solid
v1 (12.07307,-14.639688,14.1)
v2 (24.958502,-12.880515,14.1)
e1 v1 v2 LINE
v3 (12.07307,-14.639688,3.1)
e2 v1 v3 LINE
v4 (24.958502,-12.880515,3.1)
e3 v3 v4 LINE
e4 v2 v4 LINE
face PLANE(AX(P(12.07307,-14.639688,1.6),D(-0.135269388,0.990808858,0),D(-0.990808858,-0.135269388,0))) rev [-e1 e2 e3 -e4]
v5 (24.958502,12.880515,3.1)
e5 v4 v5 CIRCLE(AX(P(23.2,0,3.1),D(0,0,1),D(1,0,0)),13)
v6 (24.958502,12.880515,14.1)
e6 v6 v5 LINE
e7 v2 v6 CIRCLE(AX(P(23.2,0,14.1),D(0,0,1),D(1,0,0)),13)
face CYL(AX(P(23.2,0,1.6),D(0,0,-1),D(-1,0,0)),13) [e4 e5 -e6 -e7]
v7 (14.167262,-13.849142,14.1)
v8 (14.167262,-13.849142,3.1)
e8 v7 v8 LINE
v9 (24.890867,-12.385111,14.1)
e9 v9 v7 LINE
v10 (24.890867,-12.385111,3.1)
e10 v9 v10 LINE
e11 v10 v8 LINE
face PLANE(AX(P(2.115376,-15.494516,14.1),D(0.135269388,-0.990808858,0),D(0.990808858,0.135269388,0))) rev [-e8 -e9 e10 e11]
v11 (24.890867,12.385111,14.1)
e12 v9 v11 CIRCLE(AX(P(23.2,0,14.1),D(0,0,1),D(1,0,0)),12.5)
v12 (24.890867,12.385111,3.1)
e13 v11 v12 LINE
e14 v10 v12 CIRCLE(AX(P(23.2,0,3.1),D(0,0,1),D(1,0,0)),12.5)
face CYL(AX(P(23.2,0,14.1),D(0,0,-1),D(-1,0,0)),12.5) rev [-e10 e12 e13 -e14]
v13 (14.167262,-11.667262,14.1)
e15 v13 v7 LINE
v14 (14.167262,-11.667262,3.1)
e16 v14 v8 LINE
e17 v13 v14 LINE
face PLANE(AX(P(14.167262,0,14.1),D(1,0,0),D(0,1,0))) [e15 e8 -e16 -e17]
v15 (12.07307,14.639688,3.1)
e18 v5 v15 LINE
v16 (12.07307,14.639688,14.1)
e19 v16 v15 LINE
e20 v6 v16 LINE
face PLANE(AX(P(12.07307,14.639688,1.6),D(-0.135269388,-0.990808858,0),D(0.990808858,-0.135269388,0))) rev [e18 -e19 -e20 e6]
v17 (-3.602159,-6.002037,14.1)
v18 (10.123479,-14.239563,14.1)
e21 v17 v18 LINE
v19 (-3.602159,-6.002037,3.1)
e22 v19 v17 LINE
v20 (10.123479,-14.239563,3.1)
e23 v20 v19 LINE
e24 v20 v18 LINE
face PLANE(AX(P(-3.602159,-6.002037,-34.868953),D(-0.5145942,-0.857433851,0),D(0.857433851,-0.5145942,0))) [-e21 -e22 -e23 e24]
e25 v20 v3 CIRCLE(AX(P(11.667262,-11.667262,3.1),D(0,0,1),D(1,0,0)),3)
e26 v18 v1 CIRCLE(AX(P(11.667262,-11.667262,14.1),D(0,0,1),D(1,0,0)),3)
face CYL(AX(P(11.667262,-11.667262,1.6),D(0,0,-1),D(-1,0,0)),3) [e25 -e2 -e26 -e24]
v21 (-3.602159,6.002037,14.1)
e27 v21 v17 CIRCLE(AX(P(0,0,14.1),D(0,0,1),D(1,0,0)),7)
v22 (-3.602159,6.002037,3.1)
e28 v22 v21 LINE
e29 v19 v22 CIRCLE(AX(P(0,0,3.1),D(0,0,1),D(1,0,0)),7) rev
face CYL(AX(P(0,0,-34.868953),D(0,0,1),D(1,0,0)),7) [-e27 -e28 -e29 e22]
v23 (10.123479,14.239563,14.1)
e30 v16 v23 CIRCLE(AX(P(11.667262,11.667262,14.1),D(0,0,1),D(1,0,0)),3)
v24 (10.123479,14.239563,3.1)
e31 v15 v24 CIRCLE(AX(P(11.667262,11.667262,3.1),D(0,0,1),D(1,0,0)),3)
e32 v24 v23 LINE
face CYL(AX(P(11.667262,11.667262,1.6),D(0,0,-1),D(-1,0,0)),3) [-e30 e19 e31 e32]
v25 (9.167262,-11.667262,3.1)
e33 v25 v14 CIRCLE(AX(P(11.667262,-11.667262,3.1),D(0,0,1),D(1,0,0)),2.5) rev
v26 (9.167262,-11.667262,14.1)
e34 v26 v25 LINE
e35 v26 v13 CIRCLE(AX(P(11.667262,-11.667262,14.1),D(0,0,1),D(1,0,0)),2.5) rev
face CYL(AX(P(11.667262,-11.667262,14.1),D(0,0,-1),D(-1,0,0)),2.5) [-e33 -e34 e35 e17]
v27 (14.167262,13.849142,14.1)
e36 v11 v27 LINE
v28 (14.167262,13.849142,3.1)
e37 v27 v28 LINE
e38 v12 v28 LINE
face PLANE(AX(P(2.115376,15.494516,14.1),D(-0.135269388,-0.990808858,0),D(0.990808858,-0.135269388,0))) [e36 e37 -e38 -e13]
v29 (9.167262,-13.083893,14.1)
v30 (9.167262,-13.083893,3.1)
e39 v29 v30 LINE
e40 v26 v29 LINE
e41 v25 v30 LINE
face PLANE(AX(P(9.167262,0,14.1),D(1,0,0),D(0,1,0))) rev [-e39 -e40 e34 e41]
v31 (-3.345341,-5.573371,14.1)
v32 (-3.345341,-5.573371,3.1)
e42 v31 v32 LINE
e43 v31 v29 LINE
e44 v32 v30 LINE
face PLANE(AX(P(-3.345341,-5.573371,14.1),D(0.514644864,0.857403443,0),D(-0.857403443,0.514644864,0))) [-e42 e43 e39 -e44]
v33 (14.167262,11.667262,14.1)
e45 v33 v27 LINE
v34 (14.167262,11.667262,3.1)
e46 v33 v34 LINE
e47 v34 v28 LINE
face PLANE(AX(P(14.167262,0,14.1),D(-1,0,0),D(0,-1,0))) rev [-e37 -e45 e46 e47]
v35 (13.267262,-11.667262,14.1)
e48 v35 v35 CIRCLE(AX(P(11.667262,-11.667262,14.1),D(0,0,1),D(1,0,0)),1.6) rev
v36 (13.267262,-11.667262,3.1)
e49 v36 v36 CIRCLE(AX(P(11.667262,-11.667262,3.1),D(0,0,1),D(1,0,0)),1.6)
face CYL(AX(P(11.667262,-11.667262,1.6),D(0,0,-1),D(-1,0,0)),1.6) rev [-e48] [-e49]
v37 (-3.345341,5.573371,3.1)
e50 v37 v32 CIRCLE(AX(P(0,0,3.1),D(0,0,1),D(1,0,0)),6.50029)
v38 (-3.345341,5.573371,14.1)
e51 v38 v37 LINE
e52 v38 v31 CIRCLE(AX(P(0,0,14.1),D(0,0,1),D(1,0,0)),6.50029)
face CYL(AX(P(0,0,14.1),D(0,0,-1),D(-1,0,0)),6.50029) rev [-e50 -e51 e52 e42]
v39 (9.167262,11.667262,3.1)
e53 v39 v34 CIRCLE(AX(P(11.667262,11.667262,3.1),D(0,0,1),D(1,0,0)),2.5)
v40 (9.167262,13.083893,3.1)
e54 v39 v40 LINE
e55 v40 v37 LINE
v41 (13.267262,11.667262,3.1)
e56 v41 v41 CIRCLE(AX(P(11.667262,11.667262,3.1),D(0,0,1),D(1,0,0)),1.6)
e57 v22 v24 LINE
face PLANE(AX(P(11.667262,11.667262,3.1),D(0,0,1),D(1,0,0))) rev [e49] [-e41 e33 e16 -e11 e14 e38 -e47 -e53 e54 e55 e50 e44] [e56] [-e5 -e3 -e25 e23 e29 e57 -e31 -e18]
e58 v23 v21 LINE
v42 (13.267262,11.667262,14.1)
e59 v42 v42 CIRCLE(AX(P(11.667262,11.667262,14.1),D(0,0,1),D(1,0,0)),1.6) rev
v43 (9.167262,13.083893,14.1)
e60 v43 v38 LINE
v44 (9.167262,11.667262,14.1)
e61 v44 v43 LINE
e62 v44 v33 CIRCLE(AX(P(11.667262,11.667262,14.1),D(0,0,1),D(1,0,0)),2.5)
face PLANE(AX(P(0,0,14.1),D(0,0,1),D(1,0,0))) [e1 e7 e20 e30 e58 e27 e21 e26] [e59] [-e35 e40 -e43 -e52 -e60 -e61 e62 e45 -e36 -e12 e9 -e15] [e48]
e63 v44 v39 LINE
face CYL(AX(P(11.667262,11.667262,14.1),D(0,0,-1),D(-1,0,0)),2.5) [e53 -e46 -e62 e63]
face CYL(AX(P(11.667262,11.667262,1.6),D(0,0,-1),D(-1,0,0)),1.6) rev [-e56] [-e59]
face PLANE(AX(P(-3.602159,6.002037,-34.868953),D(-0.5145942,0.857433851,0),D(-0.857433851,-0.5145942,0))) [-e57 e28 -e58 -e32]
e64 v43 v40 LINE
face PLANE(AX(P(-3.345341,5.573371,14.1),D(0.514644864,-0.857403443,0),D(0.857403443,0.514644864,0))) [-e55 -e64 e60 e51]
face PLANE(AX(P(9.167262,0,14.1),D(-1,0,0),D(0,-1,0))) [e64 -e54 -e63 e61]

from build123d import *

# Parameters (mm, degrees)
SKETCH1_R           = 3
SKETCH1_R_2         = 4.5
SKETCH1_R_3         = 1.6
BOSS_EXTRUDE3_DEPTH = 1.6
SKETCH2_R           = 1.6
SKETCH2_R_2         = 3
SKETCH2_R_3         = 4.5
BOSS_EXTRUDE4_DEPTH = 1.5
SKETCH3_R           = 63.206562555
CUT_EXTRUDE1_DEPTH  = 1.6
SKETCH4_R           = 3
SKETCH4_R_2         = 1.6
BOSS_EXTRUDE5_DEPTH = 1.5
SKETCH5_R           = 1.6
BOSS_EXTRUDE6_DEPTH = 11
SKETCH6_R           = 49.514430464
CUT_EXTRUDE2_DEPTH  = 1.5


with BuildPart() as part:
    # Sketch1 → Boss-Extrude3 (new body)
    with BuildSketch(Plane.XY):
        with BuildLine():
            Line((12.073070054, 14.639688463), (24.958502044, 12.880515151))
            ThreePointArc((24.958502044, 12.880515151), (36.2, 0), (24.958502044, -12.880515151))
            Line((24.958502044, -12.880515151), (12.073070054, -14.639688463))
            ThreePointArc((12.073070054, -14.639688463), (11.870633815, -14.660360595), (11.66726189, -14.66726189))
            Line((11.66726189, -14.66726189), (0, -14.66726189))
            ThreePointArc((0, -14.66726189), (-0.888679088, -14.53261518), (-1.697586366, -14.140761542))
            Line((-1.697586366, -14.140761542), (-18.697586366, -2.473499652))
            ThreePointArc((-18.697586366, -2.473499652), (-19.891071988, -0.801063519), (-19.728500117, 1.247111507))
            Line((-19.728500117, 1.247111507), (-14.395762007, 12.914373397))
            ThreePointArc((-14.395762007, 12.914373397), (-13.288783625, 14.191279968), (-11.66726189, 14.66726189))
            Line((-11.66726189, 14.66726189), (11.66726189, 14.66726189))
            ThreePointArc((11.66726189, 14.66726189), (11.870633815, 14.660360595), (12.073070054, 14.639688463))
        make_face()
        Circle(SKETCH1_R, mode=Mode.SUBTRACT)
        with Locations((23.2, 0)):
            Circle(SKETCH1_R_2, mode=Mode.SUBTRACT)
        with Locations((8.6, 0)):
            Circle(SKETCH1_R, mode=Mode.SUBTRACT)
        with Locations((-17, 0)):
            Circle(SKETCH1_R_3, mode=Mode.SUBTRACT)
        with Locations((0, -11.66726189)):
            Circle(SKETCH1_R_3, mode=Mode.SUBTRACT)
        with Locations((11.66726189, -11.66726189)):
            Circle(SKETCH1_R_3, mode=Mode.SUBTRACT)
        with Locations((-11.66726189, 11.66726189)):
            Circle(SKETCH1_R_3, mode=Mode.SUBTRACT)
        with Locations((0, 11.66726189)):
            Circle(SKETCH1_R_3, mode=Mode.SUBTRACT)
        with Locations((11.66726189, 11.66726189)):
            Circle(SKETCH1_R_3, mode=Mode.SUBTRACT)
    extrude(amount=BOSS_EXTRUDE3_DEPTH)

    # Sketch2 → Boss-Extrude4 (add)
    with BuildSketch(Plane.XY.offset(1.6)):
        with BuildLine():
            Line((12.073070054, 14.639688463), (24.958502044, 12.880515151))
            ThreePointArc((24.958502044, 12.880515151), (36.2, 0), (24.958502044, -12.880515151))
            Line((24.958502044, -12.880515151), (12.073070054, -14.639688463))
            ThreePointArc((12.073070054, -14.639688463), (10.884137398, -14.56324463), (9.81871257, -14.030070687))
            Line((9.81871257, -14.030070687), (-3.080915533, -3.938014662))
            ThreePointArc((-3.080915533, -3.938014662), (-5, 0), (-3.080915533, 3.938014662))
            Line((-3.080915533, 3.938014662), (9.81871257, 14.030070687))
            ThreePointArc((9.81871257, 14.030070687), (10.884137398, 14.56324463), (12.073070054, 14.639688463))
        make_face()
        with Locations((11.66726189, 11.66726189)):
            Circle(SKETCH2_R, mode=Mode.SUBTRACT)
        Circle(SKETCH2_R_2, mode=Mode.SUBTRACT)
        with Locations((8.6, 0)):
            Circle(SKETCH2_R_2, mode=Mode.SUBTRACT)
        with Locations((23.2, 0)):
            Circle(SKETCH2_R_3, mode=Mode.SUBTRACT)
        with Locations((11.66726189, -11.66726189)):
            Circle(SKETCH2_R, mode=Mode.SUBTRACT)
    extrude(amount=BOSS_EXTRUDE4_DEPTH)

    # Sketch3 → Cut-Extrude1 (cut)
    with BuildSketch(Plane(origin=(0, 0, 0), x_dir=(-1, 0, 0), z_dir=(0, 0, -1))):
        Circle(SKETCH3_R)
    extrude(amount=-CUT_EXTRUDE1_DEPTH, mode=Mode.SUBTRACT)

    # Sketch4 → Boss-Extrude5 (add)
    with BuildSketch(Plane.XY.offset(3.1)):
        with BuildLine():
            Line((-3.602159399, 6.00203696), (10.12347929, 14.239563444))
            ThreePointArc((10.12347929, 14.239563444), (13.145208472, 14.277946455), (14.66726189, 11.66726189))
            Line((14.66726189, 11.66726189), (14.66726189, -11.66726189))
            ThreePointArc((14.66726189, -11.66726189), (13.145208472, -14.277946455), (10.12347929, -14.239563444))
            Line((10.12347929, -14.239563444), (-3.602159399, -6.00203696))
            ThreePointArc((-3.602159399, -6.00203696), (-7, 0), (-3.602159399, 6.00203696))
        make_face()
        Circle(SKETCH4_R, mode=Mode.SUBTRACT)
        with Locations((8.6, 0)):
            Circle(SKETCH4_R, mode=Mode.SUBTRACT)
        with Locations((11.66726189, 11.66726189)):
            Circle(SKETCH4_R_2, mode=Mode.SUBTRACT)
        with Locations((11.66726189, -11.66726189)):
            Circle(SKETCH4_R_2, mode=Mode.SUBTRACT)
    extrude(amount=-BOSS_EXTRUDE5_DEPTH)

    # Sketch5 → Boss-Extrude6 (add)
    with BuildSketch(Plane.XY.offset(3.1)):
        with BuildLine():
            Line((10.12347929, 14.239563444), (-3.602159399, 6.00203696))
            ThreePointArc((-3.602159399, 6.00203696), (-7, 0), (-3.602159399, -6.00203696))
            Line((-3.602159399, -6.00203696), (10.12347929, -14.239563444))
            ThreePointArc((10.12347929, -14.239563444), (11.064127193, -14.606007972), (12.073070054, -14.639688463))
            Line((12.073070054, -14.639688463), (24.958502044, -12.880515151))
            ThreePointArc((24.958502044, -12.880515151), (36.2, 0), (24.958502044, 12.880515151))
            Line((24.958502044, 12.880515151), (12.073070054, 14.639688463))
            ThreePointArc((12.073070054, 14.639688463), (11.064127193, 14.606007972), (10.12347929, 14.239563444))
        make_face()
        with Locations((11.66726189, -11.66726189)):
            Circle(SKETCH5_R, mode=Mode.SUBTRACT)
        with BuildLine():
            Line((-3.345341009, 5.573371264), (3.517564288, 9.692737701))
            Line((3.517564288, 9.692737701), (9.16726189, 13.083892566))
            Line((9.16726189, 13.083892566), (9.16726189, 11.66726189))
            ThreePointArc((9.16726189, 11.66726189), (11.66726189, 9.16726189), (14.16726189, 11.66726189))
            Line((14.16726189, 11.66726189), (14.16726189, 13.849142394))
            Line((14.16726189, 13.849142394), (18.333589211, 13.280337883))
            Line((18.333589211, 13.280337883), (24.89086735, 12.385110722))
            ThreePointArc((24.89086735, 12.385110722), (35.7, 0), (24.89086735, -12.385110722))
            Line((24.89086735, -12.385110722), (18.333589211, -13.280337883))
            Line((18.333589211, -13.280337883), (14.16726189, -13.849142394))
            Line((14.16726189, -13.849142394), (14.16726189, -11.66726189))
            ThreePointArc((14.16726189, -11.66726189), (11.66726189, -9.16726189), (9.16726189, -11.66726189))
            Line((9.16726189, -11.66726189), (9.16726189, -13.083892566))
            Line((9.16726189, -13.083892566), (3.517564288, -9.692737701))
            Line((3.517564288, -9.692737701), (-3.345341009, -5.573371264))
            ThreePointArc((-3.345341009, -5.573371264), (-6.500290279, 0), (-3.345341009, 5.573371264))
        make_face(mode=Mode.SUBTRACT)
        with Locations((11.66726189, 11.66726189)):
            Circle(SKETCH5_R, mode=Mode.SUBTRACT)
    extrude(amount=BOSS_EXTRUDE6_DEPTH)

    # Sketch6 → Cut-Extrude2 (cut)
    with BuildSketch(Plane(origin=(0, 0, 1.6), x_dir=(-1, 0, 0), z_dir=(0, 0, -1))):
        Circle(SKETCH6_R)
    extrude(amount=-CUT_EXTRUDE2_DEPTH, mode=Mode.SUBTRACT)


solid = part.part
